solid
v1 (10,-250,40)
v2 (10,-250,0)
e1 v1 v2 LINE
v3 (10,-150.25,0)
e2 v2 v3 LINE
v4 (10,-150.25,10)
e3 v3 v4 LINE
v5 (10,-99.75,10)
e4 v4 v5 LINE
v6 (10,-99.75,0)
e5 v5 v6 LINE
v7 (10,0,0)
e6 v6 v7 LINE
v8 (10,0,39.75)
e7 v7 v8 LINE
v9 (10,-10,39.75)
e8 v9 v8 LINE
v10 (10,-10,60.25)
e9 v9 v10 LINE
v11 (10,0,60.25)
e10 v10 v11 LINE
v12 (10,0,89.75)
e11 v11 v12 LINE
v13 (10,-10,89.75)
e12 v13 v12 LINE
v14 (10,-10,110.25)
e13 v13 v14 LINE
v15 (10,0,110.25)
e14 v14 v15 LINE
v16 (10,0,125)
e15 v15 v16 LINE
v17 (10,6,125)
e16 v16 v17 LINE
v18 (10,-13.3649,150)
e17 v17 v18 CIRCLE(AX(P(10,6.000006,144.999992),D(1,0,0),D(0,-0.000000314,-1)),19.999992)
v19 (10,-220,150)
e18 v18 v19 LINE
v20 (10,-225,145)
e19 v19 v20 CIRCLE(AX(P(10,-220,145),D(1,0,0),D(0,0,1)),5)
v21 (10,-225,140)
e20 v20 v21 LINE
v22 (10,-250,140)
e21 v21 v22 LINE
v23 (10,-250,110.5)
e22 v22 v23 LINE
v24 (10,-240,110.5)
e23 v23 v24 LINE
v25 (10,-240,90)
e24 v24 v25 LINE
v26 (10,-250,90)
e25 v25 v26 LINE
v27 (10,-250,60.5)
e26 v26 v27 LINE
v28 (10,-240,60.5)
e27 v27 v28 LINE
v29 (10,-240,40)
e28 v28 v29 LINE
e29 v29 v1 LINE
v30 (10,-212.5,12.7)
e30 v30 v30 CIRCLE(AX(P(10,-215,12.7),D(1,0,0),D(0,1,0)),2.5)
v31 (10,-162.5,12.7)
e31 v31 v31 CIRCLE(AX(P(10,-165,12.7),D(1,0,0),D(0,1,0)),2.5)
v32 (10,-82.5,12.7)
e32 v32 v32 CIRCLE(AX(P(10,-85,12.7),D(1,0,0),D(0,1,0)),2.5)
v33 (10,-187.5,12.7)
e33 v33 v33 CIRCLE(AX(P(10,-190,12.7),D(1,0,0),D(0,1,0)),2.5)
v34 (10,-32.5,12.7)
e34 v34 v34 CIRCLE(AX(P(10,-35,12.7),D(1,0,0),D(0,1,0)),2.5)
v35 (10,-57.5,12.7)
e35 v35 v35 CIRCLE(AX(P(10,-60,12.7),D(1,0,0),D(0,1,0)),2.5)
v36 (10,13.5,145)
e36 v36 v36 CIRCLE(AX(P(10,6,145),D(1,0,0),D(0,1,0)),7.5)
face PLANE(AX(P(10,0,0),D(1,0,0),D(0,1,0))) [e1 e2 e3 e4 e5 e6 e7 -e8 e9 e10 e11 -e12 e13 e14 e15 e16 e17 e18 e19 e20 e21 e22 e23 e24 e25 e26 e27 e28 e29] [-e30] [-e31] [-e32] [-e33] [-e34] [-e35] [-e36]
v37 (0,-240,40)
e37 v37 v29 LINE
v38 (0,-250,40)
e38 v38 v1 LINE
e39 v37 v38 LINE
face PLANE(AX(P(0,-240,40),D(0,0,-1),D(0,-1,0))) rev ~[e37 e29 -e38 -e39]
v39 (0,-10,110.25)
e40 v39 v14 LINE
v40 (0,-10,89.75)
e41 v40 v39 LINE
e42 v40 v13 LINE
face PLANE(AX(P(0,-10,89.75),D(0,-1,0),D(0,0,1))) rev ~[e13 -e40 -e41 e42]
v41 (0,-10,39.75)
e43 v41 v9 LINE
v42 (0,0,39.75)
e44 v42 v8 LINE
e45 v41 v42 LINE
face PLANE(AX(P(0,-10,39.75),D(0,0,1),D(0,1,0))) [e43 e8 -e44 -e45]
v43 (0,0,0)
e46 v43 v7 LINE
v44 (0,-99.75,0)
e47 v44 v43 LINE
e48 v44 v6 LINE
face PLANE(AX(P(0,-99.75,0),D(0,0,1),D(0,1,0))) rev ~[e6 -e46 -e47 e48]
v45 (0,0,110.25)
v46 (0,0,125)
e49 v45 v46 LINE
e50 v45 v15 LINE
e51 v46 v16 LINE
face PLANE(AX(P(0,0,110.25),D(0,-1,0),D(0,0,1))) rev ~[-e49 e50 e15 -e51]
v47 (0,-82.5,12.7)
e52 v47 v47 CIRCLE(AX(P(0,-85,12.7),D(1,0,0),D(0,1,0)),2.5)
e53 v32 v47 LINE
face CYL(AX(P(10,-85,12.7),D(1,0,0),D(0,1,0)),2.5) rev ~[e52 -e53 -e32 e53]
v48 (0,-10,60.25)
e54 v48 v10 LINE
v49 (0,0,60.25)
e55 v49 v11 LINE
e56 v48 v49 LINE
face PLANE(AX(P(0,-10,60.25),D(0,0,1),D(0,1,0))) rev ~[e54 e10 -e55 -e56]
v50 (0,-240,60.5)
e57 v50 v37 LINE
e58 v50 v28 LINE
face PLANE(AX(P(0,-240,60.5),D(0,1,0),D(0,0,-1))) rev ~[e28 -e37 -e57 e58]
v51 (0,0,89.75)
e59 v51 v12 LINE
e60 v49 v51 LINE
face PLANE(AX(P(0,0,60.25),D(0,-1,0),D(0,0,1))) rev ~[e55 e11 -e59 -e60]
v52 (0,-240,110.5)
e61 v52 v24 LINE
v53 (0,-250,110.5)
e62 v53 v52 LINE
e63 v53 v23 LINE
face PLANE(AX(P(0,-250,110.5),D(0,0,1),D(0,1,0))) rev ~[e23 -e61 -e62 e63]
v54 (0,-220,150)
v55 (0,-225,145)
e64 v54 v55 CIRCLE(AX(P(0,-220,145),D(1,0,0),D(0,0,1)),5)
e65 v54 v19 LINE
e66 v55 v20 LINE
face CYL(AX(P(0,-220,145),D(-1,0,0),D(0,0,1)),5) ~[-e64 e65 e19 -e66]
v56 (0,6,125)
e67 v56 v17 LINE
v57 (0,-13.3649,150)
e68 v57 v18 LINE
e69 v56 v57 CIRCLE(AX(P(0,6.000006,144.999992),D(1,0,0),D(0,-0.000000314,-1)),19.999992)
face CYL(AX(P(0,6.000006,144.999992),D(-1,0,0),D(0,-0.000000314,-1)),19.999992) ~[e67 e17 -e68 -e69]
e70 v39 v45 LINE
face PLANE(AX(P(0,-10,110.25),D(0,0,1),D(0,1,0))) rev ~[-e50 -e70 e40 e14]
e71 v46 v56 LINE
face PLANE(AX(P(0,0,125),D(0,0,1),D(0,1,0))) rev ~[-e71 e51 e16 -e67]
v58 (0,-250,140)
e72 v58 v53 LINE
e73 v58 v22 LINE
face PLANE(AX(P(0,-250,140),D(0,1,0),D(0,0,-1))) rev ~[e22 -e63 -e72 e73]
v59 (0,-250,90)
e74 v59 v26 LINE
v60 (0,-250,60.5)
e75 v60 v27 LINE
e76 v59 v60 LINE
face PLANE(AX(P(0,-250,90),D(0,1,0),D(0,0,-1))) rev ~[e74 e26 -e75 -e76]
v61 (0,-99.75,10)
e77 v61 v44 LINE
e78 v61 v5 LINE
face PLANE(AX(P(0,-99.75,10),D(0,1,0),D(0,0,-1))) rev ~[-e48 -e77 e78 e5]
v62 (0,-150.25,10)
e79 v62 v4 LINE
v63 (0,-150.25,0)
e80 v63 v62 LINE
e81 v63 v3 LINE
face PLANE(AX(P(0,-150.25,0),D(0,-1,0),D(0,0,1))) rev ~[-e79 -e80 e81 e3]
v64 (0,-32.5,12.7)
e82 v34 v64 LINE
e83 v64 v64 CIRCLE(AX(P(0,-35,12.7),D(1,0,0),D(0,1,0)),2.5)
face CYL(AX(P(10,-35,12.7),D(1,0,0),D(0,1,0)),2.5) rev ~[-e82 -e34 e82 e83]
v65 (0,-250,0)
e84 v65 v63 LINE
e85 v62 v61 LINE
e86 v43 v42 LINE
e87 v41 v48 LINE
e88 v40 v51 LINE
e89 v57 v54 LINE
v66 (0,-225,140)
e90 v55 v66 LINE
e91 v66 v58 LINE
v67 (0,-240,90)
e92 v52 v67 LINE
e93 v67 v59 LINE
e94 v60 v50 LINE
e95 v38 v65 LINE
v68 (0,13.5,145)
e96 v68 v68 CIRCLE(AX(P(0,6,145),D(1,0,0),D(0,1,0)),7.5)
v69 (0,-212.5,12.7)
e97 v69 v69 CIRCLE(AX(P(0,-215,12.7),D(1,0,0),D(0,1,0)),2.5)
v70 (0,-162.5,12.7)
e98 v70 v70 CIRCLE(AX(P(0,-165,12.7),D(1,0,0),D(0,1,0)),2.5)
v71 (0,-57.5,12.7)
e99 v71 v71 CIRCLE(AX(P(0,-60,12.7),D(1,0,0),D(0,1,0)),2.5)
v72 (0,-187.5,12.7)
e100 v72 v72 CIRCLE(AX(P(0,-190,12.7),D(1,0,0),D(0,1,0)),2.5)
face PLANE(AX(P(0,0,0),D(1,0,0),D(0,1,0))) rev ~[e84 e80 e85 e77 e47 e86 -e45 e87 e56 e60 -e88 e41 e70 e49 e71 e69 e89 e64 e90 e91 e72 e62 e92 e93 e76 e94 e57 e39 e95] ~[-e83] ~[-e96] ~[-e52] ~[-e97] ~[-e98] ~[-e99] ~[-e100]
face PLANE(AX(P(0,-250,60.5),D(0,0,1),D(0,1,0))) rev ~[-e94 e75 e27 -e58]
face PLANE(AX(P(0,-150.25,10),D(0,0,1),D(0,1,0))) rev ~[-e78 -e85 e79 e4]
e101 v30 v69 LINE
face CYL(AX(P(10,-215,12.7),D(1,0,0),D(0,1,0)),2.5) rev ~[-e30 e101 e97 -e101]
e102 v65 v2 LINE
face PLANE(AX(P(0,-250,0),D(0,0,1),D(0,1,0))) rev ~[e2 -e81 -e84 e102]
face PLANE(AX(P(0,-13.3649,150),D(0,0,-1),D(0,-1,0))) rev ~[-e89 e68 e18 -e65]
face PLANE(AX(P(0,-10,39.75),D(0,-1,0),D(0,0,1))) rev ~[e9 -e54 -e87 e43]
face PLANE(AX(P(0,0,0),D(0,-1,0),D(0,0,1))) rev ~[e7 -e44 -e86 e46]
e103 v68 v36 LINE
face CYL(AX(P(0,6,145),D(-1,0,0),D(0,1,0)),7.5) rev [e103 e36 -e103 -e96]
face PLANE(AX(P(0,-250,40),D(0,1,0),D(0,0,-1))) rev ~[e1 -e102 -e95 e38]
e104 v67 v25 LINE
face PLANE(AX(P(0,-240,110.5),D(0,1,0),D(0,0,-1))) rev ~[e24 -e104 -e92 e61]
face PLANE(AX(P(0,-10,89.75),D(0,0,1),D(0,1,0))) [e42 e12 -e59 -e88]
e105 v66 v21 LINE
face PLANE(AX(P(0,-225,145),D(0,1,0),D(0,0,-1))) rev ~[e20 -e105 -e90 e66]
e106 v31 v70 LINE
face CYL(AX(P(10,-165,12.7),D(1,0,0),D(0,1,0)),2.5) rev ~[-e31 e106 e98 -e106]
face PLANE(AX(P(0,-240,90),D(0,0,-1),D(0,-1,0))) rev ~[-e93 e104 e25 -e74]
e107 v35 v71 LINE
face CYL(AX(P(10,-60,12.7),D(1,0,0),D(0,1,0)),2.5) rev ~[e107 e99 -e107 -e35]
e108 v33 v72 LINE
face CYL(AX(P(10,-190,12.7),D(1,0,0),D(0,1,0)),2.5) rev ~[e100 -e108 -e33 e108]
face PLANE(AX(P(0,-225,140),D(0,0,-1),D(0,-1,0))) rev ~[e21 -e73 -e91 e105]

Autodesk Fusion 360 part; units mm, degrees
sketch "Esquisse1" plane through (0, 0, 0) normal (1, 0, 0) x (0, 1, 0)
  line L0 (0, 0) -> (-250, 0) construction
  line L1 (-250, 0) -> (-250, 150) construction
  line L2 (-220, 150) -> (0, 150) construction
  line L3 (0, 150) -> (0, 0) construction
  line L4 (0, 0) -> (0, 39.75)
  line L5 (-10, 39.75) -> (0, 39.75)
  line L6 (-10, 39.75) -> (-10, 60.25)
  line L7 (-10, 60.25) -> (0, 60.25)
  line L8 (0, 60.25) -> (0, 89.75)
  line L9 (-10, 89.75) -> (-10, 110.25)
  line L10 (-10, 110.25) -> (0, 110.25)
  line L11 (-10, 89.75) -> (0, 89.75)
  line L12 (0, 110.25) -> (0, 125)
  line L13 (-13.3649, 150) -> (-250, 150) construction
  line L14 (11, 150) -> (1, 150) construction
  line L15 (1, 150) -> (1, 140) construction
  line L16 (1, 140) -> (11, 140) construction
  line L17 (11, 140) -> (11, 150) construction
  line L18 (11, 150) -> (1, 140) construction
  line L19 (1, 150) -> (11, 140) construction
  arc A0 (6, 125) -> (-13.3649, 150) centre (6, 145) ccw
  line L20 (-13.3649, 150) -> (-220, 150)
  line L21 (-250, 140) -> (-250, 110.5)
  line L22 (-250, 110.5) -> (-240, 110.5)
  line L23 (-240, 110.5) -> (-240, 90)
  line L24 (-240, 90) -> (-250, 90)
  line L25 (-250, 90) -> (-250, 60.5)
  line L26 (-250, 60.5) -> (-240, 60.5)
  line L27 (-240, 60.5) -> (-240, 40)
  line L28 (-240, 40) -> (-250, 40)
  line L29 (-250, 40) -> (-250, 0)
  line L30 (-250, 0) -> (-150.25, 0)
  line L31 (-150.25, 0) -> (-150.25, 10)
  line L32 (-150.25, 10) -> (-99.75, 10)
  line L33 (-99.75, 10) -> (-99.75, 0)
  line L34 (-99.75, 0) -> (0, 0)
  line L35 (-125, 150) -> (-125, 10) construction
  line L36 (-250, 75) -> (0, 75) construction
  circle A1 centre (6, 145) radius 7.5
  circle A2 centre (6, 145) radius 7.0711 construction
  line L37 (-125, 150) -> (-125, 0) construction
  line L38 (-225, 145) -> (-225, 140)
  line L39 (-225, 140) -> (-250, 140)
  line L40 (0, 140) -> (-250, 140) construction
  line L41 (0, 125) -> (6, 125)
  arc A3 (6, 125) -> (0, 125.9212) centre (6, 145) ccw construction
  arc A4 (0, 125.9212) -> (6, 125) centre (6, 145) ccw construction
  arc A5 (-220, 150) -> (-225, 145) centre (-220, 145) ccw
  point P0 (6, 145)
  point P1 (-10, 100)
  point P2 (-10, 50)
  dimension "d1" = 250
  dimension "d2" = 150
  dimension "d4" = 20.5
  dimension "d7" = 10
  dimension "d8" = 40
  dimension "d11" = 10
  dimension "d12" = 10
  dimension "d13" = 40
  dimension "d29" = 50.5
  dimension "d30" = 10
  dimension "d36" = 140
  dimension "d37" = 10
  dimension "d38" = 1
  dimension "d40" = 5
  dimension "d41" = 50
  dimension "d42" = 15
  dimension "d43" = 25
extrude "Extrusion1" add sketch "Esquisse1" along normal blind 10
sketch "Esquisse2" plane through (10, 0, 0) normal (1, 0, 0) x (0, 1, 0)
  circle A0 centre (6, 145) radius 7.5
  line L0 (-250, 140) -> (-250, 110.5)
  line L1 (-250, 110.5) -> (-240, 110.5)
  line L2 (-240, 110.5) -> (-240, 90)
  line L3 (-240, 90) -> (-250, 90)
  line L4 (-250, 90) -> (-250, 60.5)
  line L5 (-250, 60.5) -> (-240, 60.5)
  line L6 (-240, 60.5) -> (-240, 40)
  line L7 (-240, 40) -> (-250, 40)
  line L8 (-250, 40) -> (-250, 0)
  line L9 (-250, 0) -> (-150.25, 0)
  line L10 (-150.25, 0) -> (-150.25, 10)
  line L11 (-150.25, 10) -> (-99.75, 10)
  line L12 (-99.75, 10) -> (-99.75, 0)
  line L13 (-99.75, 0) -> (0, 0)
  line L14 (0, 0) -> (0, 39.75)
  line L15 (0, 39.75) -> (-10, 39.75)
  line L16 (-10, 39.75) -> (-10, 60.25)
  line L17 (-10, 60.25) -> (0, 60.25)
  line L18 (0, 60.25) -> (0, 89.75)
  line L19 (0, 89.75) -> (-10, 89.75)
  line L20 (-10, 89.75) -> (-10, 110.25)
  line L21 (-10, 110.25) -> (0, 110.25)
  line L22 (0, 110.25) -> (0, 125)
  arc A1 (6, 125) -> (-13.3649, 150) centre (6, 145) ccw
  line L23 (-13.3649, 150) -> (-220, 150)
  line L24 (-250, 12.7) -> (0, 12.7) construction
  circle A2 centre (-215, 12.7) radius 2.5
  circle A3 centre (-190, 12.7) radius 2.5
  circle A4 centre (-165, 12.7) radius 2.5
  line L25 (-250, 10.2) -> (0, 10.2) construction
  line L26 (-125, 140) -> (-125, 10)
  circle A5 centre (-35, 12.7) radius 2.5
  circle A6 centre (-85, 12.7) radius 2.5
  circle A7 centre (-60, 12.7) radius 2.5
  line L27 (-225, 145) -> (-225, 140)
  line L28 (-225, 140) -> (-250, 140)
  line L29 (0, 125) -> (6, 125)
  arc A8 (-220, 150) -> (-225, 145) centre (-220, 145) ccw
  point P0 (0, 12.7)
  point P1 (0, 10.2)
  dimension "d22" = 5
  dimension "d24" = 0.2
  dimension "d25" = 25
  dimension "d26" = 25
  dimension "d27" = 35
extrude "Extrusion2" cut sketch "Esquisse2" against normal through all contours A2 | A3 | A4 | A5 | A6 | A7
